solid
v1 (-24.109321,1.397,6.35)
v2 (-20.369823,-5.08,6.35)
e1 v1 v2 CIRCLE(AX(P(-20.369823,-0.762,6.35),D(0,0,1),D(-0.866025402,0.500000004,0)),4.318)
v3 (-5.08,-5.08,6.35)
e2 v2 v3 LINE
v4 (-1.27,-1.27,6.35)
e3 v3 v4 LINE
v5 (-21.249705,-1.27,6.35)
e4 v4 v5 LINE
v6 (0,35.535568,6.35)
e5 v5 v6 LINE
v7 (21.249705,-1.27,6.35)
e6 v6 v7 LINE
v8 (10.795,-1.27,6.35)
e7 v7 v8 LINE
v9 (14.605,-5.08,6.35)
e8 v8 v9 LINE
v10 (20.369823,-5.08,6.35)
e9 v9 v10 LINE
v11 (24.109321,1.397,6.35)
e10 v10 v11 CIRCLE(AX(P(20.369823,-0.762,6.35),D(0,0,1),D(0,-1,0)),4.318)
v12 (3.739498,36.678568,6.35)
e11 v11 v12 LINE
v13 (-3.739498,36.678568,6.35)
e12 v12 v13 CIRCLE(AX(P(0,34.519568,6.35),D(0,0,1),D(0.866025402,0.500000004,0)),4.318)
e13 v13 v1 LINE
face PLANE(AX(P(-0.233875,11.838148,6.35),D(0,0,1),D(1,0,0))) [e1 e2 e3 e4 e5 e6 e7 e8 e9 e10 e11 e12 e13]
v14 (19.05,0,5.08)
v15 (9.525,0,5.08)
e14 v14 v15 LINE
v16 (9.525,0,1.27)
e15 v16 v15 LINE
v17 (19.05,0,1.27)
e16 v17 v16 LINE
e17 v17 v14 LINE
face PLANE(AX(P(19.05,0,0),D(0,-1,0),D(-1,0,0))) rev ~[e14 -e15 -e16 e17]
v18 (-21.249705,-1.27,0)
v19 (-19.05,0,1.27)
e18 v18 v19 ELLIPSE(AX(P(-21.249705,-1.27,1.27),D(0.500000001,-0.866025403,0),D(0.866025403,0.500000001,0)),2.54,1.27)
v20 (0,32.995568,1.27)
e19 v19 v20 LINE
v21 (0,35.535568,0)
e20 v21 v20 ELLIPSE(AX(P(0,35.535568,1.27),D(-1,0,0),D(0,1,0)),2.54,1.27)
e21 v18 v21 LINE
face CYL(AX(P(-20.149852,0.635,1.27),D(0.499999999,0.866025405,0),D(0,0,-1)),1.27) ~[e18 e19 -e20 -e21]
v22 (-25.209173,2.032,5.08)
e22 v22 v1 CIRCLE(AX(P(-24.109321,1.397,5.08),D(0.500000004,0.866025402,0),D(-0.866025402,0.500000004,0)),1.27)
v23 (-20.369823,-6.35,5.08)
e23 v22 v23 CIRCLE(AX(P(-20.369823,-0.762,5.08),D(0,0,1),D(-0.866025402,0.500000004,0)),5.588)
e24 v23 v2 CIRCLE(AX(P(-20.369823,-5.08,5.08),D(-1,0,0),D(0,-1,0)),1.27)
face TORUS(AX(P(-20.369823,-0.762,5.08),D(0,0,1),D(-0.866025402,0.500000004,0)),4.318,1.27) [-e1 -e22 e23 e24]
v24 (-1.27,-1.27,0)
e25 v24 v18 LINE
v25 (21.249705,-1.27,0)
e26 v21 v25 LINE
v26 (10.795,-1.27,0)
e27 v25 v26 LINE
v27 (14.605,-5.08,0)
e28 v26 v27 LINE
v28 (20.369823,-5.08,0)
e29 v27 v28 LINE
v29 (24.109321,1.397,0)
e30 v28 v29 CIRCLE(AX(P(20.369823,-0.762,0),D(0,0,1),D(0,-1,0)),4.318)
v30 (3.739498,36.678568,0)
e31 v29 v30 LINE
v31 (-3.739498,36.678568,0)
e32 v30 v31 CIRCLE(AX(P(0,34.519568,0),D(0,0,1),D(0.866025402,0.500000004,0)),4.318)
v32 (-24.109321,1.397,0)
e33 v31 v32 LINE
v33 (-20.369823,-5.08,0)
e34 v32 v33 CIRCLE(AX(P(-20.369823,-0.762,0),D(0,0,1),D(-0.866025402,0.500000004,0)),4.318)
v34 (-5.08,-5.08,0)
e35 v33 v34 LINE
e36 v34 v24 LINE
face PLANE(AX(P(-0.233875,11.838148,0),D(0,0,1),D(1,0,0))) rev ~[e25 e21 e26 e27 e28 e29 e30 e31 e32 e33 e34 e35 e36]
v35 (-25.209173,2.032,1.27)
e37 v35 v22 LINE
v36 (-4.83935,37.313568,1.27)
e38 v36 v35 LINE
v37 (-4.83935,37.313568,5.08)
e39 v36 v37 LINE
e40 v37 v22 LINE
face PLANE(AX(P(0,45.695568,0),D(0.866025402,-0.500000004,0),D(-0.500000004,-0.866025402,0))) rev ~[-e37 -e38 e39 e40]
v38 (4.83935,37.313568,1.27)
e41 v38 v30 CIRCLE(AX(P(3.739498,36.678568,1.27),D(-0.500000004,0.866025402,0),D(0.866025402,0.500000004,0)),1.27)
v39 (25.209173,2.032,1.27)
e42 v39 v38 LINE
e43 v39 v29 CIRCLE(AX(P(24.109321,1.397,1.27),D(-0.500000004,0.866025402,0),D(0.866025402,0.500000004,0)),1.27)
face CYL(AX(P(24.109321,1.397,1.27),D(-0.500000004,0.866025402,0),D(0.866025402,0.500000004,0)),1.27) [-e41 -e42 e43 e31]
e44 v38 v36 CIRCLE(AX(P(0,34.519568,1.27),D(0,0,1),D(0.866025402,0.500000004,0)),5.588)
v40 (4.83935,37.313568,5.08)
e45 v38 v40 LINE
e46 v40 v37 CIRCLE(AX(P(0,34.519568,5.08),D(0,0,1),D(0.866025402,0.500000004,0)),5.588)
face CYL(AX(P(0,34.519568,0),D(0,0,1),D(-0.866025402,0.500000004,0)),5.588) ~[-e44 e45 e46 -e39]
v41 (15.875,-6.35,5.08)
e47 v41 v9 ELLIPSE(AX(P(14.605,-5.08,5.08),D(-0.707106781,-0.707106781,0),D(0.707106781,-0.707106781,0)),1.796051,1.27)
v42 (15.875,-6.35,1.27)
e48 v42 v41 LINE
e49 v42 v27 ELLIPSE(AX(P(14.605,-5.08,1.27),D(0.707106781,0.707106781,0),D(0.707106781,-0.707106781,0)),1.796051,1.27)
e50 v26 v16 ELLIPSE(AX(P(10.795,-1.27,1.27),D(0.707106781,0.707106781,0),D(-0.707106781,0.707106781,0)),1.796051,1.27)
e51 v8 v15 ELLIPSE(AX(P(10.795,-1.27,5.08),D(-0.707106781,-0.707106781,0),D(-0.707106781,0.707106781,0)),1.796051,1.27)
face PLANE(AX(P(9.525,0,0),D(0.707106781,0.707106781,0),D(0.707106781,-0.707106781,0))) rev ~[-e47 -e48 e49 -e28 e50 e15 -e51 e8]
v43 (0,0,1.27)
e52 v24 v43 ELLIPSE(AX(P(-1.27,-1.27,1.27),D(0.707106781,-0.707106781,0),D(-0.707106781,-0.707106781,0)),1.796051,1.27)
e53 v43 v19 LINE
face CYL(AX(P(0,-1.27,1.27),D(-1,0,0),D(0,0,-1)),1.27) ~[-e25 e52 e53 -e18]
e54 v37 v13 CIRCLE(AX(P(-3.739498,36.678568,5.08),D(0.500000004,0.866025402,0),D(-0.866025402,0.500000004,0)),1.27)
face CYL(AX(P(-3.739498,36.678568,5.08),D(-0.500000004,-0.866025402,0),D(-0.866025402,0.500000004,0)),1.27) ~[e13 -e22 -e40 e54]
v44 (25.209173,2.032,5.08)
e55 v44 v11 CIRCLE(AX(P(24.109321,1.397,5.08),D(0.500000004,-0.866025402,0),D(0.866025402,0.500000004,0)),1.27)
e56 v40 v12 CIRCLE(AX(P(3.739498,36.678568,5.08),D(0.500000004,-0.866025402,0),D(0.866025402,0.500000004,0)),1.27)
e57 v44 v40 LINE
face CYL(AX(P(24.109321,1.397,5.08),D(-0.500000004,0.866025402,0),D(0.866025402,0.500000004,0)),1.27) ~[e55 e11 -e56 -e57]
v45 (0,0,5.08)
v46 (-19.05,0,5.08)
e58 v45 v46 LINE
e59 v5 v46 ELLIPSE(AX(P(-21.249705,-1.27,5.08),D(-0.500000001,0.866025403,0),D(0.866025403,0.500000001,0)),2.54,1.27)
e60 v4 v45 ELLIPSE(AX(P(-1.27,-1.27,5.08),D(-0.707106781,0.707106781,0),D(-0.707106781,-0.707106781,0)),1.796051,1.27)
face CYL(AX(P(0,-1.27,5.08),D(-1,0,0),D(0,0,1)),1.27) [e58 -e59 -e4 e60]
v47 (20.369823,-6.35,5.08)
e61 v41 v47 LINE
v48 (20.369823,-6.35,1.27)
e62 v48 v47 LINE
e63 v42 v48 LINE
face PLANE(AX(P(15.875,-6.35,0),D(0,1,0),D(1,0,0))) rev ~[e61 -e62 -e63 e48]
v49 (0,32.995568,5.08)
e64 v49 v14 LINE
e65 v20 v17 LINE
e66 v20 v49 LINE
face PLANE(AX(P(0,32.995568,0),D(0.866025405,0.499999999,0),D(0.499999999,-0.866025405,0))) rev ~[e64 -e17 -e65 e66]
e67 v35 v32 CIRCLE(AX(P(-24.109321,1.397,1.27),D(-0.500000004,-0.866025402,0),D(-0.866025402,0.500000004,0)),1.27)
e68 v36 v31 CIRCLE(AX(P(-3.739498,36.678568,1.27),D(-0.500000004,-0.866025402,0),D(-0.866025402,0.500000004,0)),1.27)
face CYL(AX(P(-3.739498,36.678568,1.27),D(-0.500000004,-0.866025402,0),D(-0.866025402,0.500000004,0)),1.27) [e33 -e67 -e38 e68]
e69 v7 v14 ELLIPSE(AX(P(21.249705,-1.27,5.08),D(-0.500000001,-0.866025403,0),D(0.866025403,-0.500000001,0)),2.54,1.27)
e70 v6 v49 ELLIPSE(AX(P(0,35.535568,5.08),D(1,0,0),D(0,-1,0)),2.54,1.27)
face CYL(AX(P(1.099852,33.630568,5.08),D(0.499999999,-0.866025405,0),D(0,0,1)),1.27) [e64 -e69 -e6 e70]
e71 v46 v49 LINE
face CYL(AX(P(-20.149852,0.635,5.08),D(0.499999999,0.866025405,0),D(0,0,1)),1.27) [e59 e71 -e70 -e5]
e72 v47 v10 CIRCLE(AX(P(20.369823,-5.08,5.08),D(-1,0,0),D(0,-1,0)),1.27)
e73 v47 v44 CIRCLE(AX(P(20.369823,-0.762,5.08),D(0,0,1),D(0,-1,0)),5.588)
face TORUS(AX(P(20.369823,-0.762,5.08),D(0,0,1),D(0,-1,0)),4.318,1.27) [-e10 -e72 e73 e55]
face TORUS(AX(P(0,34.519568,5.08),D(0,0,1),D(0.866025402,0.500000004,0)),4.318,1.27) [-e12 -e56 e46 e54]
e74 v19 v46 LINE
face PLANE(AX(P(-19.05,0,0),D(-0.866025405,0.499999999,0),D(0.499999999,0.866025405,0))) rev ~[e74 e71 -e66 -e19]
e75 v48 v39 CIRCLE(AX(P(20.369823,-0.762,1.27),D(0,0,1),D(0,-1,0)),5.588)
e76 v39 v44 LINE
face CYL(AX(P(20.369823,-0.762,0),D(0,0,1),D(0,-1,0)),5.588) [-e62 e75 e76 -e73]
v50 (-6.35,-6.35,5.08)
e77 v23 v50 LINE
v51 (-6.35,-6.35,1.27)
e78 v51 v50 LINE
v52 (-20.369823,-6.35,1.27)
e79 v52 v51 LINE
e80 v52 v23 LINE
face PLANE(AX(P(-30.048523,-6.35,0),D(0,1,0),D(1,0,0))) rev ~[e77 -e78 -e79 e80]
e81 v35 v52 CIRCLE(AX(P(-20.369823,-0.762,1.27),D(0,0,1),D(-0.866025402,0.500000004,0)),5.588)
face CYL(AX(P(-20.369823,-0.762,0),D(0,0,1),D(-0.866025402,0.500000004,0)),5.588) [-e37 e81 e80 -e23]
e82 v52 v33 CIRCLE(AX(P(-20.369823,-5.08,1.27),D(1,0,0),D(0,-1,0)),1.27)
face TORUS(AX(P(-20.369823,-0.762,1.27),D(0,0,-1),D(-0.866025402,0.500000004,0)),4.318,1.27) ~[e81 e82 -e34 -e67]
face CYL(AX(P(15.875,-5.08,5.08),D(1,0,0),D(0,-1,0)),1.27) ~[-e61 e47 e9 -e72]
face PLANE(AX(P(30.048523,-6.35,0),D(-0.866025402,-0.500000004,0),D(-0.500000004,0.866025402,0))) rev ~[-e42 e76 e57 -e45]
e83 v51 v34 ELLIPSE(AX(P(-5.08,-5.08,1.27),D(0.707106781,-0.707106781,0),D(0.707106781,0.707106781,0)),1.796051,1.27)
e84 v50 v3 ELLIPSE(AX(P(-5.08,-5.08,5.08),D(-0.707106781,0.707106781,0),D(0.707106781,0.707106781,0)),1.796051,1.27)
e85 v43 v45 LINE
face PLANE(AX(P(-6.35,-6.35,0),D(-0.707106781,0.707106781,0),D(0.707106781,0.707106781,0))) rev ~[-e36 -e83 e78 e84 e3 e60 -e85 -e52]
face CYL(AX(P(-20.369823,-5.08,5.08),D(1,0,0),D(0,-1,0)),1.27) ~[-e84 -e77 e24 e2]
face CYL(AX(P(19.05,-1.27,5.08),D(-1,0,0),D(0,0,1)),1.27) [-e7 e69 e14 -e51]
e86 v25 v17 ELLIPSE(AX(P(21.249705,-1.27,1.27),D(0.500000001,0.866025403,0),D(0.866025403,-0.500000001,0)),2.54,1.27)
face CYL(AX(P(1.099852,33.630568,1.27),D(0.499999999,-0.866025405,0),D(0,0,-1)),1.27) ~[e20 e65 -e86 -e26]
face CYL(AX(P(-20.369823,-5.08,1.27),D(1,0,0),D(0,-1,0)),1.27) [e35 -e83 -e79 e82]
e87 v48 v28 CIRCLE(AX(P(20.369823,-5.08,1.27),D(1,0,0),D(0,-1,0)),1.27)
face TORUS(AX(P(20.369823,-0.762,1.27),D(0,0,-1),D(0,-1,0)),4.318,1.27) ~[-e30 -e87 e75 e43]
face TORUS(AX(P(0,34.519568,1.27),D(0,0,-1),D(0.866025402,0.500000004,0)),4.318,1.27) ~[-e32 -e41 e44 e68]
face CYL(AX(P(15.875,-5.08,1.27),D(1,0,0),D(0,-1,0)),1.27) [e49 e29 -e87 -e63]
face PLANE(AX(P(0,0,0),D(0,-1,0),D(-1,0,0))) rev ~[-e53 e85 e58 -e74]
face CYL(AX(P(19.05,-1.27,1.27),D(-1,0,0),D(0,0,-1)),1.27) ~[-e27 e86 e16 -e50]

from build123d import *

# Parameters (mm, degrees)
F1_DEPTH = 6.35
F2_R     = 5.588
F3_R     = 1.27


with BuildPart() as f1:
    # F0 (on Top) → F1 (new body)
    with BuildSketch(Plane.XY):
        Polygon((0, 45.695568), (-30.048523, -6.35), (-6.35, -6.35), (0, 0), (-19.05, 0), (0, 32.995568), (19.05, 0), (9.525, 0), (15.875, -6.35), (30.048523, -6.35), align=None)
    extrude(amount=F1_DEPTH)

    # F2
    f2_edges = [f1.edges().sort_by_distance(p)[0] for p in [
        (0, 45.695568, 3.175),
        (-30.048523, -6.35, 3.175),
        (30.048523, -6.35, 3.175),
    ]]
    fillet(f2_edges, radius=F2_R)

    # F3
    f3_edges = [f1.edges().sort_by_distance(p)[0] for p in [
        (-15.024261, 19.672784, 6.35),
        (-15.024261, 19.672784, 0),
        (-9.525, 16.497784, 0),
        (9.525, 16.497784, 0),
        (14.2875, 0, 0),
        (-9.525, 0, 0),
        (9.525, 16.497784, 6.35),
        (-9.525, 16.497784, 6.35),
        (14.2875, 0, 6.35),
        (-9.525, 0, 6.35),
    ]]
    fillet(f3_edges, radius=F3_R)


solid = f1.part
